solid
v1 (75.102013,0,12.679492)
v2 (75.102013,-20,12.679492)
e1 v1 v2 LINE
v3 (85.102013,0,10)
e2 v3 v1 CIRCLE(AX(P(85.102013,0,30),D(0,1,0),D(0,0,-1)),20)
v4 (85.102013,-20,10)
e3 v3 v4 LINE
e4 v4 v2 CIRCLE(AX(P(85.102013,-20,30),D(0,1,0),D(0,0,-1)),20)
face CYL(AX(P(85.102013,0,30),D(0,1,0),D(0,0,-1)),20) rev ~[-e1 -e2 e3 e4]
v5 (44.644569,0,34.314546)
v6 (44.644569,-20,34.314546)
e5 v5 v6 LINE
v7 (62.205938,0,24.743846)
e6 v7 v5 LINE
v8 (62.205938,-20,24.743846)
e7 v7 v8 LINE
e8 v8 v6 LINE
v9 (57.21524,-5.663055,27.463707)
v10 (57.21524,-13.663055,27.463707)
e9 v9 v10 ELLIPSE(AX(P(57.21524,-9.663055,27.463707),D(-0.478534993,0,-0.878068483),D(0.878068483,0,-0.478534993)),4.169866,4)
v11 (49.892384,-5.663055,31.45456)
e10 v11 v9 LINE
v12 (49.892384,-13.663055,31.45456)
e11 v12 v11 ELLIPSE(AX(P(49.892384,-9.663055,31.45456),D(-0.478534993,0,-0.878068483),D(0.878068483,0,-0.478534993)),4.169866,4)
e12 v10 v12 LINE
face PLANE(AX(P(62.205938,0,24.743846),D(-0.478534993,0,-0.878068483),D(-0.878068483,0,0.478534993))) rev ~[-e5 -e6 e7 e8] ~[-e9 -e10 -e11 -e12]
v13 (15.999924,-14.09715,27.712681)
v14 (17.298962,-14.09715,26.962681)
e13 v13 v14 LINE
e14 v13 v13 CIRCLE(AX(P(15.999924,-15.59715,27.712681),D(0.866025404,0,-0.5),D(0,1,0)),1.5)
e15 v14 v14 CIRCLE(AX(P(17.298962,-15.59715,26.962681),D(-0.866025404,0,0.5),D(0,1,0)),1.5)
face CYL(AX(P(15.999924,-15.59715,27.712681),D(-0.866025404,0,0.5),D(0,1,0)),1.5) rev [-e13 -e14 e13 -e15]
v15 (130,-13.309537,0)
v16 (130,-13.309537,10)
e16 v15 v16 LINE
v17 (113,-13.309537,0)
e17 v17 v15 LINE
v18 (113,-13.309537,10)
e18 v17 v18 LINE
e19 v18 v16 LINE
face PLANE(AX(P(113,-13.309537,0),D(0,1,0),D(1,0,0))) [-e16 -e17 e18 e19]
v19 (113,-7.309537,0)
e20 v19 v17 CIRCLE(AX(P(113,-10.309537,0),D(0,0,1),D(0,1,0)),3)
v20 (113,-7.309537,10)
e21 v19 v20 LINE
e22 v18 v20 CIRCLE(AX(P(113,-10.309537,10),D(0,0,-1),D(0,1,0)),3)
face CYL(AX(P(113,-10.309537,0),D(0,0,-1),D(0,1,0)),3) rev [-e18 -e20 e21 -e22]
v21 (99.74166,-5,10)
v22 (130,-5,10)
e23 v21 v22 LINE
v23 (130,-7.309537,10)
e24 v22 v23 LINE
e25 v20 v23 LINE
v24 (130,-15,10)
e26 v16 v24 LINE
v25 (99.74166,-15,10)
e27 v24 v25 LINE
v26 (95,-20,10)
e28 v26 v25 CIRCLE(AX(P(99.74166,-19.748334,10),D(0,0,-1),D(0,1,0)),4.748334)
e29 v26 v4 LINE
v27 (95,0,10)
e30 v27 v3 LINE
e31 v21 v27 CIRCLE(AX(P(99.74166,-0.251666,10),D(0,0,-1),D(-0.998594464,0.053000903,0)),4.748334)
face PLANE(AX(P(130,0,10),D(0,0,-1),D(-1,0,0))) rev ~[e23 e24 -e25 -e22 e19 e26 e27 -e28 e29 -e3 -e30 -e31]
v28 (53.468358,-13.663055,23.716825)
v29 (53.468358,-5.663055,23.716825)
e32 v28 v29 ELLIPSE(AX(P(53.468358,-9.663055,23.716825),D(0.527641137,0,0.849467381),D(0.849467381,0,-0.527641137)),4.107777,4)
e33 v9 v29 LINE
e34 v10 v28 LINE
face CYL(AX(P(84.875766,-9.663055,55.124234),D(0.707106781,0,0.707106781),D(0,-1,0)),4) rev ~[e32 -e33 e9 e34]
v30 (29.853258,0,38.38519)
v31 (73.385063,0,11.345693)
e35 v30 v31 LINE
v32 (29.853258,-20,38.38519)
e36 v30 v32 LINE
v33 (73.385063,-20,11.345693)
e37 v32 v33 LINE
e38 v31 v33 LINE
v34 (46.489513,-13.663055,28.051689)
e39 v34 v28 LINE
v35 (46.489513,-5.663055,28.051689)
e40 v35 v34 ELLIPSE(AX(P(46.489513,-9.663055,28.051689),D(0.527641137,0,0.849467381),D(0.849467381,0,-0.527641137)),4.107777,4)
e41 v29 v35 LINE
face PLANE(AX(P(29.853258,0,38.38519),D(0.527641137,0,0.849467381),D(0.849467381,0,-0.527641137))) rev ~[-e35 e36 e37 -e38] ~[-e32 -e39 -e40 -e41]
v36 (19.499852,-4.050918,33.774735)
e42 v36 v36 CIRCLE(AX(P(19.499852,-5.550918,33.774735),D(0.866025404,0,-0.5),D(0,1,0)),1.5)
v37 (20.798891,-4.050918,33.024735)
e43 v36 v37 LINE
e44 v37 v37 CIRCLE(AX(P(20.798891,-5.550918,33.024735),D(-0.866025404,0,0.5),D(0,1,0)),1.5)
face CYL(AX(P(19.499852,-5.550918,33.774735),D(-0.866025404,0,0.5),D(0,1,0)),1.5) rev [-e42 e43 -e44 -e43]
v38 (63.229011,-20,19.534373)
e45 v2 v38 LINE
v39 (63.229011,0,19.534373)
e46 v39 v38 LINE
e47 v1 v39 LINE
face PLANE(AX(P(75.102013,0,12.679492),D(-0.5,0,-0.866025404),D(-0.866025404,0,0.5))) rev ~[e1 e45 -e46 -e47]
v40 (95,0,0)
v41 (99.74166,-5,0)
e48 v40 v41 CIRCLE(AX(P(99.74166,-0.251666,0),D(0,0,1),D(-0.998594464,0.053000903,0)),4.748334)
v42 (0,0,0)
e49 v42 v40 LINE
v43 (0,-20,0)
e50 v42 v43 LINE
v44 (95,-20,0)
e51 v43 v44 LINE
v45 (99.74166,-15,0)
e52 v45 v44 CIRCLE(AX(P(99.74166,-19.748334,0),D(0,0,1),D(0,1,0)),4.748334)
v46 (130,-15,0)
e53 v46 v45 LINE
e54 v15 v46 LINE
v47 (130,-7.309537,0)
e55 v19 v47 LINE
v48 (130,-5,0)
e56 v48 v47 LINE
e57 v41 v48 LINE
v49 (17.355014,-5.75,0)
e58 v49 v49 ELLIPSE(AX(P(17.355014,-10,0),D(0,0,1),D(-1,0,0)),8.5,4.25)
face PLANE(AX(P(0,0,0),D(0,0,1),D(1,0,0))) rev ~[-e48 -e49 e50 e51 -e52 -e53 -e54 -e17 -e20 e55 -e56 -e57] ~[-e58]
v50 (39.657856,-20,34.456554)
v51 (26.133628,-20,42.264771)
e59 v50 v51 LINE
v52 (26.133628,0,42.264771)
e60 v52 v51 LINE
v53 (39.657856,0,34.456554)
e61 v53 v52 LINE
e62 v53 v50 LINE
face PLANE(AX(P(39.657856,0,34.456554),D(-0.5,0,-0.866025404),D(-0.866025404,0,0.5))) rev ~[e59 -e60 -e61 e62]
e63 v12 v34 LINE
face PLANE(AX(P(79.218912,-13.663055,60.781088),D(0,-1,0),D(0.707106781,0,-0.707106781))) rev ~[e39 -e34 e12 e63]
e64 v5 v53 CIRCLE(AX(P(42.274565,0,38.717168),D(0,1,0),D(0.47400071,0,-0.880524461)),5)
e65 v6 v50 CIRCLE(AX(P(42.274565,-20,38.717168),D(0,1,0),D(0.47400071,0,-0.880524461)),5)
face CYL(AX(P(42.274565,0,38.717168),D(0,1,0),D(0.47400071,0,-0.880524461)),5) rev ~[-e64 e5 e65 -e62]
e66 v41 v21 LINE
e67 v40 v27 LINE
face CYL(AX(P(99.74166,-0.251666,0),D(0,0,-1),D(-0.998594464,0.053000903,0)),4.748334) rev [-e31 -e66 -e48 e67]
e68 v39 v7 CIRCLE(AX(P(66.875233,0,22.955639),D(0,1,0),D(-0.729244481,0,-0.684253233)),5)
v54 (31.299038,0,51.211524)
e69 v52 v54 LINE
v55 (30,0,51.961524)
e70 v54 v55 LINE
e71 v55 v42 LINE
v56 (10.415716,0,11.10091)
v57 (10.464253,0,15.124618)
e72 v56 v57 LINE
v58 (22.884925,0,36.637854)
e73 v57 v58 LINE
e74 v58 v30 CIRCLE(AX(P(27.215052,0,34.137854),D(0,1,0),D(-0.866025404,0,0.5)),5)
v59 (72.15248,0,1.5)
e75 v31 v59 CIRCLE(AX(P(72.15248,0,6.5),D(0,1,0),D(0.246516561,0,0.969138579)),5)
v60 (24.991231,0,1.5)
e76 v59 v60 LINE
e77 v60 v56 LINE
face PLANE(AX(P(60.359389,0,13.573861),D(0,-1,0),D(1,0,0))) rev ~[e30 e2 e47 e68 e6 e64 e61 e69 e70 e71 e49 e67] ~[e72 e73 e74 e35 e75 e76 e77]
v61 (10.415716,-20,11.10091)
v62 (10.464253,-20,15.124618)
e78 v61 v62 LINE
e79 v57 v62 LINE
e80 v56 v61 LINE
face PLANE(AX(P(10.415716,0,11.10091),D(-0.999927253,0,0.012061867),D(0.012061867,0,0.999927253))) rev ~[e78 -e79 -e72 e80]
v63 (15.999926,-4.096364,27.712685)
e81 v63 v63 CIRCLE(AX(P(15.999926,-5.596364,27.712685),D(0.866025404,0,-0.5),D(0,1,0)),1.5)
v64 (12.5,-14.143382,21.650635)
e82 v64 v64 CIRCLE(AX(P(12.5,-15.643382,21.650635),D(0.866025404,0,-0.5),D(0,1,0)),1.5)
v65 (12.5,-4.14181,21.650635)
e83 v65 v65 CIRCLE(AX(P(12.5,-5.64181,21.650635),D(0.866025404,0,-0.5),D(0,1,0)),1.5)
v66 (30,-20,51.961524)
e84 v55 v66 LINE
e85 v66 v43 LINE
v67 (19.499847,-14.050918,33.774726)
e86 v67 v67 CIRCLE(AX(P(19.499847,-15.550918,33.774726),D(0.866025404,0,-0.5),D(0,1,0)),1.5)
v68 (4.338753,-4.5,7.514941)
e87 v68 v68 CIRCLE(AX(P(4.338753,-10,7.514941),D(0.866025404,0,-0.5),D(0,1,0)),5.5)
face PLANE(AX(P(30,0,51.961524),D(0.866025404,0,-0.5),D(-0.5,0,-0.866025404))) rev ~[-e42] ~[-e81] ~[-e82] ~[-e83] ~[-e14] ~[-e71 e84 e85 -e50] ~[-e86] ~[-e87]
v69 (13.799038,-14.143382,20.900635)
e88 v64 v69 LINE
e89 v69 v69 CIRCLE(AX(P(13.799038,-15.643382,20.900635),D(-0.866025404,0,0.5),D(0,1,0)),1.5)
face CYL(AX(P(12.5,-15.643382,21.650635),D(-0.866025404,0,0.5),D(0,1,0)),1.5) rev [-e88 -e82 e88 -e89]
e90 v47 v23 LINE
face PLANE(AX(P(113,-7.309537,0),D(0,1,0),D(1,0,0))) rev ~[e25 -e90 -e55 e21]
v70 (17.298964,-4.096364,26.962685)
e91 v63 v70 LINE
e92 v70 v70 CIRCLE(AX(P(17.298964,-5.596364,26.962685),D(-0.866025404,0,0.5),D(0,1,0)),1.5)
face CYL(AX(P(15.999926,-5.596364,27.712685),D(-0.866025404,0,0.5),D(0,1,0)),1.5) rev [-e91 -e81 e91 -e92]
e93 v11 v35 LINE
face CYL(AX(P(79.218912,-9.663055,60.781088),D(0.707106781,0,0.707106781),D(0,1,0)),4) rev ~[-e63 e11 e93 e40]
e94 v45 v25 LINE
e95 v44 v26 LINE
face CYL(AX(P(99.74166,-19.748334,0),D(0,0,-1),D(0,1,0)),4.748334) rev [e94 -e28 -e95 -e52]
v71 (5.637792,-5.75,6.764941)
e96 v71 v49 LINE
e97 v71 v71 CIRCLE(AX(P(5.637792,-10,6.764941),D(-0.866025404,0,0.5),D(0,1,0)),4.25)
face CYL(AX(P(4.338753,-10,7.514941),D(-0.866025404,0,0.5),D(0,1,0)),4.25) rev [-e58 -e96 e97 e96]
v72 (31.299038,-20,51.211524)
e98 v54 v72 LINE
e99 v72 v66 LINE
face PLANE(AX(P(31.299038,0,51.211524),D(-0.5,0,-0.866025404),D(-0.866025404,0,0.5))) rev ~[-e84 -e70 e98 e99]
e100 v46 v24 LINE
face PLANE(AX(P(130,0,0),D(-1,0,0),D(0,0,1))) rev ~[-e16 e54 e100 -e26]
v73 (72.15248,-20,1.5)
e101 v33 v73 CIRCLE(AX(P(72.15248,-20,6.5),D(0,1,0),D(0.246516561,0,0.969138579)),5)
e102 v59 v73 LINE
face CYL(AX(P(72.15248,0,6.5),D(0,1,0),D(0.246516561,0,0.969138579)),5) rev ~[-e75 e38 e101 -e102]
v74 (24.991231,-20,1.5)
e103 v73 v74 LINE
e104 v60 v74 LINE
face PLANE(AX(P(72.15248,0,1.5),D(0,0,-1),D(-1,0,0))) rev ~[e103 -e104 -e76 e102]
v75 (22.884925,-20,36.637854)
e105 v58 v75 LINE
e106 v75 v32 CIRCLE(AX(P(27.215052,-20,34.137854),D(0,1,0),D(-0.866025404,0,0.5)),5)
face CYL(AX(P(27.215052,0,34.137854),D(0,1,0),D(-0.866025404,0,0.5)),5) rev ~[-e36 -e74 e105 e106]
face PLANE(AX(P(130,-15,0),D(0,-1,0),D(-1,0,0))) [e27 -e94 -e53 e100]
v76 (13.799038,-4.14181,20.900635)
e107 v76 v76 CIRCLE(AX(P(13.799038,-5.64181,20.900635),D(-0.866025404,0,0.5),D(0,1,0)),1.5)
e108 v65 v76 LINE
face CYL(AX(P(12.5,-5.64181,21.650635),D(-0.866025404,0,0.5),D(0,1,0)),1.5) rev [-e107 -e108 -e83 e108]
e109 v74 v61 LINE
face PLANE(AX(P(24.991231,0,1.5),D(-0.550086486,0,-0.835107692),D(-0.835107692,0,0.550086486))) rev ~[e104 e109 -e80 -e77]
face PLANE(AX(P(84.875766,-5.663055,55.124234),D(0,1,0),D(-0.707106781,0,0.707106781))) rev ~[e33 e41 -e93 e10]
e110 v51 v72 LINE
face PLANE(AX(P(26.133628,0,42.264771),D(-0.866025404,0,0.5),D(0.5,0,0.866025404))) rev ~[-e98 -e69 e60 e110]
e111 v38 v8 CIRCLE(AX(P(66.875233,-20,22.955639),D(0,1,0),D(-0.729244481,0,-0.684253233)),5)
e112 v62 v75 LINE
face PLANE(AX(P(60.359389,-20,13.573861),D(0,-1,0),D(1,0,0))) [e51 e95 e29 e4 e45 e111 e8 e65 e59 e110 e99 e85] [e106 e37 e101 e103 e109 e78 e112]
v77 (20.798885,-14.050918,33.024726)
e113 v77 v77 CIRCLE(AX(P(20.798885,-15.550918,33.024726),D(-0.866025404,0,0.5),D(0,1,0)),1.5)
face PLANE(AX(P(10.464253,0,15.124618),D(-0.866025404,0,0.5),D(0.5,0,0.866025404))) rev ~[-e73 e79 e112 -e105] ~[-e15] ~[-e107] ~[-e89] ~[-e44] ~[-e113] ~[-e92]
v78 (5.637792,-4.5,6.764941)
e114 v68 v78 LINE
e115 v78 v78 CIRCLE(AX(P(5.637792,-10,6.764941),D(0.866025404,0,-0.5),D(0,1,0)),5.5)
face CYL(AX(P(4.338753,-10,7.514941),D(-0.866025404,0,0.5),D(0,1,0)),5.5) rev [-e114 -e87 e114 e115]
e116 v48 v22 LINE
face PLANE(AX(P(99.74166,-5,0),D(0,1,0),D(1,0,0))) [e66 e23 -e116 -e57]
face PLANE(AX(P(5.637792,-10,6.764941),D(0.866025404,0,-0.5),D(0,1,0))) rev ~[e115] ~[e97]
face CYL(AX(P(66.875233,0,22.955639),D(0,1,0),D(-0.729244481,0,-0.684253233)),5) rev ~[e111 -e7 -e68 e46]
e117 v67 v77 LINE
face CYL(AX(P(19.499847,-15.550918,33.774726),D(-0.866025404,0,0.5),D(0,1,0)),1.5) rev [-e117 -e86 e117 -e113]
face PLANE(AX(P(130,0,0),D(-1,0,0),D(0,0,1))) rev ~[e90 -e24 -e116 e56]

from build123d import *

# Parameters (mm, degrees)
F1_DEPTH  = 20
F4_DEPTH  = 50
F5_W      = 17
F5_H      = 6
F6_DEPTH  = 25
F8_R      = 4.25
F8_R_2    = 1.5
F9_DEPTH  = 25
F10_R     = 5.5
F11_DEPTH = 1.5


with BuildPart() as f1:
    # F0 (on Front) → F1 (new body)
    with BuildSketch(Plane.XZ):
        with BuildLine():
            Line((30, 51.9615242271), (0, 0))
            Line((0, 0), (130, 0))
            Line((130, 0), (130, 10))
            Line((130, 10), (85.1020127108, 10))
            ThreePointArc((85.1020127108, 10), (79.9256318088, 10.6814834742), (75.1020127108, 12.6794919243))
            Line((75.1020127108, 12.6794919243), (63.2290110083, 19.5343726533))
            ThreePointArc((63.2290110083, 19.5343726533), (61.9689506821, 21.9921089772), (62.2059384915, 24.7438459998))
            Line((62.2059384915, 24.7438459998), (44.644568833, 34.3145458549))
            ThreePointArc((44.644568833, 34.3145458549), (42.1322366307, 33.719194316), (39.6578564006, 34.4565538122))
            Line((39.6578564006, 34.4565538122), (26.1336276699, 42.2647709104))
            Line((26.1336276699, 42.2647709104), (31.2990381057, 51.2115242271))
            Line((31.2990381057, 51.2115242271), (30, 51.9615242271))
        make_face()
        with BuildLine():
            Line((10.4157161817, 11.1009099437), (10.4642531461, 15.1246181124))
            Line((10.4642531461, 15.1246181124), (22.8849254207, 36.637853556))
            ThreePointArc((22.8849254207, 36.637853556), (25.9989331967, 38.9877044803), (29.8532581245, 38.3851904586))
            Line((29.8532581245, 38.3851904586), (73.3850632782, 11.3456928945))
            ThreePointArc((73.3850632782, 11.3456928945), (77.1137537202, 5.8788979441), (72.1524804727, 1.5))
            Line((72.1524804727, 1.5), (24.9912310392, 1.5))
            Line((24.9912310392, 1.5), (10.4157161817, 11.1009099437))
        make_face(mode=Mode.SUBTRACT)
    extrude(amount=F1_DEPTH)

    # F3 (on face) → F4 (cut)
    with BuildSketch(Plane(origin=(70, 0, 70), x_dir=(0.7071067812, 0, -0.7071067812), z_dir=(0.7071067812, 0, 0.7071067812))):
        with BuildLine():
            ThreePointArc((13.0375107105, -5.6630554804), (9.0375107105, -9.6630554804), (13.0375107105, -13.6630554804))
            Line((13.0375107105, -13.6630554804), (21.0375107105, -13.6630554804))
            ThreePointArc((21.0375107105, -13.6630554804), (25.0375107105, -9.6630554804), (21.0375107105, -5.6630554804))
            Line((21.0375107105, -5.6630554804), (13.0375107105, -5.6630554804))
        make_face()
    extrude(amount=-F4_DEPTH, mode=Mode.SUBTRACT)

    # F5 (on Top) → F6 (cut)
    with BuildSketch(Plane.XY):
        with BuildLine():
            Line((130, 0), (95, 0))
            ThreePointArc((95, 0), (96.2962522412, -3.5190565155), (99.7416600585, -5))
            Line((99.7416600585, -5), (130, -5))
            Line((130, -5), (130, 0))
        make_face()
        with BuildLine():
            ThreePointArc((99.7416600585, -15), (96.2962522412, -16.4809434845), (95, -20))
            Line((95, -20), (130, -20))
            Line((130, -20), (130, -15))
            Line((130, -15), (99.7416600585, -15))
        make_face()
        with Locations((121.5, -10.3095373929)):
            Rectangle(F5_W, F5_H)
        with BuildLine():
            ThreePointArc((113, -7.3095373929), (110, -10.3095373929), (113, -13.3095373929))
            Line((113, -13.3095373929), (113, -7.3095373929))
        make_face()
    extrude(amount=F6_DEPTH, mode=Mode.SUBTRACT)

    # F8 (on face) → F9 (cut)
    with BuildSketch(Plane(origin=(0, 0, 0), x_dir=(0, 1, 0), z_dir=(0.8660254038, 0, -0.5))):
        with Locations((-10, 8.6775068194)):
            Circle(F8_R)
        with Locations((-5.6418100949, 25)):
            Circle(F8_R_2)
        with Locations((-15.6433817795, 25)):
            Circle(F8_R_2)
        with Locations((-5.5963639886, 31.9998524735)):
            Circle(F8_R_2)
        with Locations((-5.5509178823, 38.9997049471)):
            Circle(F8_R_2)
        with Locations((-15.5971498309, 31.9998473274)):
            Circle(F8_R_2)
        with Locations((-15.5509178823, 38.9996946548)):
            Circle(F8_R_2)
    extrude(amount=F9_DEPTH, mode=Mode.SUBTRACT)

    # F10 (on face) → F11 (cut)
    with BuildSketch(Plane(origin=(0, 0, 0), x_dir=(0, 1, 0), z_dir=(0.8660254038, 0, -0.5))):
        with Locations((-10, 8.6775068194)):
            Circle(F10_R)
    extrude(amount=F11_DEPTH, mode=Mode.SUBTRACT)


solid = f1.part
